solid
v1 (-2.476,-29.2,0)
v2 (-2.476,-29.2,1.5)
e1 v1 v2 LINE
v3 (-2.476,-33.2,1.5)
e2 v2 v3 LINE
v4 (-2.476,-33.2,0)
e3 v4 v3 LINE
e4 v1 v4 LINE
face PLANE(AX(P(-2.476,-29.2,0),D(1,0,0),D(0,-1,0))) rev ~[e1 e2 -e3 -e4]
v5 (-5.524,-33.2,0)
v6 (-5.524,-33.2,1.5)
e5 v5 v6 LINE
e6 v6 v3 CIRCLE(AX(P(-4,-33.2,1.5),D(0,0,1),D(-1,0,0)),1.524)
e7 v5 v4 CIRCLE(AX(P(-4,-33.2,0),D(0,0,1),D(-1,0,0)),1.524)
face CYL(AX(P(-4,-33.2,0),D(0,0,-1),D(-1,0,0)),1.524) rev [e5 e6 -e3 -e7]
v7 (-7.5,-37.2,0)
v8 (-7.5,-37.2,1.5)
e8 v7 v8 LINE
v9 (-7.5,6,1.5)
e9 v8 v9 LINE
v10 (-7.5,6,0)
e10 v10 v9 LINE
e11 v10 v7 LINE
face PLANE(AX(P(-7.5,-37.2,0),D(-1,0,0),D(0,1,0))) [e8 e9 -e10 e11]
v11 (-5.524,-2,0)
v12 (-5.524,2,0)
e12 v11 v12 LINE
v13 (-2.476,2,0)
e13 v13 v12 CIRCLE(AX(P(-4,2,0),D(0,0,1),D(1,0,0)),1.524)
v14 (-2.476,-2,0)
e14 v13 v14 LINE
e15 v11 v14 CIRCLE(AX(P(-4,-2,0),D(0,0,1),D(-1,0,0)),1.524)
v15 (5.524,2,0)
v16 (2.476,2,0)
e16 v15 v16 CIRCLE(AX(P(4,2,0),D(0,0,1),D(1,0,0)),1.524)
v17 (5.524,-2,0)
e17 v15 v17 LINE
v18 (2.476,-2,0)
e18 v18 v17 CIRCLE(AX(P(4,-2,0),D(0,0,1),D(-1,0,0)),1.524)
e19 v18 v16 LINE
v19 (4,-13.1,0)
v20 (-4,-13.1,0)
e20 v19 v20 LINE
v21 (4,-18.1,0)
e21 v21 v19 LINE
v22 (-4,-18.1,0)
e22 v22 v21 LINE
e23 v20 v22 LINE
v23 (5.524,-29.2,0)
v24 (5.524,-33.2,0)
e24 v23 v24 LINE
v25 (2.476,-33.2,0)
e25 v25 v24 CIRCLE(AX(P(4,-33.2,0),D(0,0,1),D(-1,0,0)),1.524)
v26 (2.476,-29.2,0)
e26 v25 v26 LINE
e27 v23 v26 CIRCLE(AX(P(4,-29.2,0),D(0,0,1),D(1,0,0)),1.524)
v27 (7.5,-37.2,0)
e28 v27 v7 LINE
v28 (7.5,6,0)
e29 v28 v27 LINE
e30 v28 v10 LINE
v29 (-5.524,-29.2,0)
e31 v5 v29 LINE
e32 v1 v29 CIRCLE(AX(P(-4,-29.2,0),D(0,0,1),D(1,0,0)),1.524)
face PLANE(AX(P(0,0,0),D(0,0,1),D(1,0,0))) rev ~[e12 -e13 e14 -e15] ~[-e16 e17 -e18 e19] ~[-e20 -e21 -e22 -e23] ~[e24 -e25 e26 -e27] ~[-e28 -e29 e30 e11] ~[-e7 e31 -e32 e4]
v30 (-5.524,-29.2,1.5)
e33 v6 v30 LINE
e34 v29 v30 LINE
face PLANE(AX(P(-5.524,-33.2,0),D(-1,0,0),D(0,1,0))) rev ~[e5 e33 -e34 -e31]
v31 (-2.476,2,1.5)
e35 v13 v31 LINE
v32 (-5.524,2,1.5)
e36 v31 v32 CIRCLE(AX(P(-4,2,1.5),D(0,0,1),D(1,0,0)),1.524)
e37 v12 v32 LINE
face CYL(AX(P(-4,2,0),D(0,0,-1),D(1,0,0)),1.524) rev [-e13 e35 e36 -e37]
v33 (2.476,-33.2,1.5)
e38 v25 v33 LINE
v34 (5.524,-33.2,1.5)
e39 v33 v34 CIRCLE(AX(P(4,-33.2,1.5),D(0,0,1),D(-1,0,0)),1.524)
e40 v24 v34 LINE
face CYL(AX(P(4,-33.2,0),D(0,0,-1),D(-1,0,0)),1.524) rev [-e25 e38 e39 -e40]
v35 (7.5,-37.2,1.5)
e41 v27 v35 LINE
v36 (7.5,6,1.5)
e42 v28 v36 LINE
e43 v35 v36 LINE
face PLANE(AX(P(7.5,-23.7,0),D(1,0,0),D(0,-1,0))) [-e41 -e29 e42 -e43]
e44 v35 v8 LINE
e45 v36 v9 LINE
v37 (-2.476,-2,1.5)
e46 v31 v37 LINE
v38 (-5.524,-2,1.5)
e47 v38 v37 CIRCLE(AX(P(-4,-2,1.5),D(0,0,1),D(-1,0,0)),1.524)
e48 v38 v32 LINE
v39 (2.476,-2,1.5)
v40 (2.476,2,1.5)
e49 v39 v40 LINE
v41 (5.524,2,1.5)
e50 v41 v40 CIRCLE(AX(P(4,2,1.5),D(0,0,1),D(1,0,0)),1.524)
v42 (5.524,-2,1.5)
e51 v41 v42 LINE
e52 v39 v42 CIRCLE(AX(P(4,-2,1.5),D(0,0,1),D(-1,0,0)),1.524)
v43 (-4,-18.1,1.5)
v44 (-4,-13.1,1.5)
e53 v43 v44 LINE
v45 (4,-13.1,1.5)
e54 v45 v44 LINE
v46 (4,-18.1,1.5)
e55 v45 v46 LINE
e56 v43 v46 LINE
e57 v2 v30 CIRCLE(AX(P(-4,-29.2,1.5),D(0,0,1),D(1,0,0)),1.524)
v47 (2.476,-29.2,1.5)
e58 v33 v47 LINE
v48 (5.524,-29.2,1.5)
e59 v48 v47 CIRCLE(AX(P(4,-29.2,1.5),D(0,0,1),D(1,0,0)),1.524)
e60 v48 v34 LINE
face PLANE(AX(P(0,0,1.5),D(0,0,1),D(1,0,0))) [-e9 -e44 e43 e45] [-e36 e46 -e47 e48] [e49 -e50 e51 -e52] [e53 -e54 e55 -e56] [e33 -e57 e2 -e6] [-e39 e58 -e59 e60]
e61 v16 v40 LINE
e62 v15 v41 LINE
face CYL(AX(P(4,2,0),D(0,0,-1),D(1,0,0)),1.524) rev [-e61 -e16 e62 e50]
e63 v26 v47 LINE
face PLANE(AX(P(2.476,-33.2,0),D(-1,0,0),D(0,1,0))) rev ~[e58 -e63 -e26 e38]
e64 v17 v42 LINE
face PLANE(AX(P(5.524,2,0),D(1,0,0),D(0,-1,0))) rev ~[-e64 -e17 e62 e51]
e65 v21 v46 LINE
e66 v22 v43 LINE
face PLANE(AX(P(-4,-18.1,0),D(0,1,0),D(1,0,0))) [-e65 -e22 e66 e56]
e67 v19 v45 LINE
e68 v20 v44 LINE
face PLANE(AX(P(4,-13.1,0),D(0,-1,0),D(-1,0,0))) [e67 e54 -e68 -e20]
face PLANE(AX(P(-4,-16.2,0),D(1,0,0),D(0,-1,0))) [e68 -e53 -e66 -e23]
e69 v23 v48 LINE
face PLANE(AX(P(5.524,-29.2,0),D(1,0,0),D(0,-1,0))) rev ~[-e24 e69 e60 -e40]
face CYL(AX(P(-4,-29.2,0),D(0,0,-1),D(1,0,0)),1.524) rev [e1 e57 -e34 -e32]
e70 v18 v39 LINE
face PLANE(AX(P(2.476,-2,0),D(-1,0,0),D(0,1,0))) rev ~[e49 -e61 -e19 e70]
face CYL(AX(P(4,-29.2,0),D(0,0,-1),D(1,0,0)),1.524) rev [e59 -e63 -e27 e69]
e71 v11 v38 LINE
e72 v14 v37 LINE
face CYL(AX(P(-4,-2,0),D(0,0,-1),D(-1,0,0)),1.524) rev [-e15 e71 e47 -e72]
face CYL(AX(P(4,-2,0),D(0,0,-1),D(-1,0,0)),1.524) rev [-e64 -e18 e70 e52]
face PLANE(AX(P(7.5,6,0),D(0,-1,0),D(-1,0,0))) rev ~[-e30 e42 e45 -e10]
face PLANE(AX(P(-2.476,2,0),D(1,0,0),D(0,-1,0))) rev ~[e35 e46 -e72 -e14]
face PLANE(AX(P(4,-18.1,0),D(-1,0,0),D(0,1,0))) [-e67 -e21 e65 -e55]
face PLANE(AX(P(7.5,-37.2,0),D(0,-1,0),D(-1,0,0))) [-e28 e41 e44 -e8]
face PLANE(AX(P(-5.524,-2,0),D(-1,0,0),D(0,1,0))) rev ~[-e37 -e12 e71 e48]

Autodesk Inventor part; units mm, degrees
ref_plane "YZ Plane" through (0, 0, 0) normal (1, 0, 0) x (0, 1, 0)
ref_plane "XZ Plane" through (0, 0, 0) normal (0, 1, 0) x (-1, 0, 0)
ref_plane "XY Plane" through (0, 0, 0) normal (0, 0, 1) x (1, 0, 0)
sketch "Sketch1" plane through (0, 0, 0) normal (0, 0, 1) x (1, 0, 0)
  circle A0 centre (4, 0) radius 1.0782 projected
  circle A1 centre (-4, 0) radius 1.0782 projected
  circle A2 centre (-4, -31.2) radius 1.0782 projected
  circle A3 centre (4, -31.2) radius 1.0782 projected
  line L0 (-7.5, -41.2) -> (7.5, -41.2) projected
  line L1 (7.5, -23.7) -> (7.5, -41.2) projected
  line L2 (7.5, -23.7) -> (2.5, -23.7) projected
  line L3 (2.5, -23.7) -> (2.5, -25.7) projected
  line L4 (2.5, -25.7) -> (-2.5, -25.7) projected
  line L5 (-2.5, -25.7) -> (-2.5, -23.7) projected
  line L6 (-2.5, -23.7) -> (-7.5, -23.7) projected
  line L7 (-7.5, -41.2) -> (-7.5, -23.7) projected
  circle A4 centre (4, -31.2) radius 1.0782 projected
  circle A5 centre (-4, -31.2) radius 1.0782 projected
  line L8 (7.5, 10) -> (-7.5, 10) projected
  line L9 (-7.5, -7.5) -> (-7.5, 10) projected
  line L10 (-7.5, -7.5) -> (-2.5, -7.5) projected
  line L11 (-2.5, -7.5) -> (-2.5, -5.5) projected
  line L12 (-2.5, -5.5) -> (2.5, -5.5) projected
  line L13 (2.5, -5.5) -> (2.5, -7.5) projected
  line L14 (2.5, -7.5) -> (7.5, -7.5) projected
  line L15 (7.5, 10) -> (7.5, -7.5) projected
  circle A6 centre (-4, 0) radius 1.0782 projected
  circle A7 centre (4, 0) radius 1.0782 projected
  line L16 (7.5, 10) -> (7.5, 6)
  line L17 (7.5, 6) -> (-7.5, 6)
  line L18 (5.524, 2) -> (5.524, -2)
  line L19 (2.476, -2) -> (2.476, 2)
  arc A8 (5.524, 2) -> (2.476, 2) centre (4, 2) ccw
  arc A9 (2.476, -2) -> (5.524, -2) centre (4, -2) ccw
  line L20 (-2.476, 2) -> (-2.476, -2)
  line L21 (-5.524, -2) -> (-5.524, 2)
  arc A10 (-2.476, 2) -> (-5.524, 2) centre (-4, 2) ccw
  arc A11 (-5.524, -2) -> (-2.476, -2) centre (-4, -2) ccw
  line L22 (5.524, 2) -> (5.524, -2)
  line L23 (2.476, -2) -> (2.476, 2)
  arc A12 (5.524, 2) -> (2.476, 2) centre (4, 2) ccw
  arc A13 (2.476, -2) -> (5.524, -2) centre (4, -2) ccw
  line L24 (5.524, -29.2) -> (5.524, -33.2)
  line L25 (2.476, -33.2) -> (2.476, -29.2)
  arc A14 (5.524, -29.2) -> (2.476, -29.2) centre (4, -29.2) ccw
  arc A15 (2.476, -33.2) -> (5.524, -33.2) centre (4, -33.2) ccw
  line L26 (-2.476, -29.2) -> (-2.476, -33.2)
  line L27 (-5.524, -33.2) -> (-5.524, -29.2)
  arc A16 (-2.476, -29.2) -> (-5.524, -29.2) centre (-4, -29.2) ccw
  arc A17 (-5.524, -33.2) -> (-2.476, -33.2) centre (-4, -33.2) ccw
  line L28 (7.5, -41.2) -> (7.5, -37.2)
  line L29 (7.5, -37.2) -> (-7.5, -37.2)
  line L30 (-7.5, 6) -> (-7.5, -37.2)
  line L31 (7.5, -37.2) -> (7.5, 6)
  line L32 (7.5, -7.5) -> (2.5, -7.5) projected
  line L33 (2.5, -7.5) -> (2.5, -5.5) projected
  line L34 (2.5, -5.5) -> (-2.5, -5.5) projected
  line L35 (-2.5, -5.5) -> (-2.5, -7.5) projected
  line L36 (-2.5, -7.5) -> (-7.5, -7.5) projected
  line L37 (-7.5, -12.5) -> (-7.5, -7.5) projected
  line L38 (5.5, -15) -> (-5.5, -15) projected
  line L39 (7.5, -7.5) -> (7.5, -12.5) projected
  line L40 (6.5, -16.2) -> (7.5, -18.7) projected
  line L41 (-7.5, -23.7) -> (-2.5, -23.7) projected
  line L42 (-2.5, -23.7) -> (-2.5, -25.7) projected
  line L43 (-2.5, -25.7) -> (2.5, -25.7) projected
  line L44 (2.5, -25.7) -> (2.5, -23.7) projected
  line L45 (2.5, -23.7) -> (7.5, -23.7) projected
  line L46 (7.5, -18.7) -> (7.5, -23.7) projected
  line L47 (-5.5, -16.2) -> (5.5, -16.2) projected
  line L48 (-7.5, -23.7) -> (-7.5, -18.7) projected
  line L49 (6.5, -15) -> (7.5, -12.5)
  line L50 (6.5, -16.2) -> (7.5, -18.7)
  line L51 (4, -13.1) -> (-4, -13.1)
  line L52 (-4, -13.1) -> (-4, -18.1)
  line L53 (-4, -18.1) -> (4, -18.1)
  line L54 (4, -18.1) -> (4, -13.1)
  line L55 (4, -13.1) -> (-4, -18.1) construction
  line L56 (-4, -13.1) -> (4, -18.1) construction
  line L57 (-1.5, -15) -> (1.5, -15)
  line L58 (1.5, -15) -> (1.5, -16.2)
  line L59 (1.5, -16.2) -> (-1.5, -16.2)
  line L60 (-1.5, -16.2) -> (-1.5, -15)
  line L61 (-1.5, -15) -> (1.5, -16.2) construction
  line L62 (1.5, -15) -> (-1.5, -16.2) construction
  line L63 (5.5, -12.5) -> (7.5, -12.5) projected
  line L64 (-7.5, -12.5) -> (-5.5, -12.5) projected
  line L65 (-5.5, -12.5) -> (-5.5, -15) projected
  line L66 (5.5, -15) -> (5.5, -12.5) projected
  line L67 (-5.5, -18.7) -> (-7.5, -18.7) projected
  line L68 (7.5, -18.7) -> (5.5, -18.7) projected
  line L69 (5.5, -18.7) -> (5.5, -16.2) projected
  line L70 (-5.5, -16.2) -> (-5.5, -18.7) projected
  point P0 (0, 0)
  point P1 (0, -15.6)
  point P2 (7.5, -7.5)
  point P3 (-7.5, -23.7)
  dimension "d0" = 4
  dimension "d5" = 4
  dimension "d6" = 8
  dimension "d7" = 5
  dimension "d10" = 3
extrude "Extrusion1" add sketch "Sketch1" along normal blind 1.5 contours L7 L6 L5 L4 L3 L2 L1 L29 | L30 L67 L70 L47 L52 L53 L54 L69 L68 L31 L2 L3 L4 L5 L6 | L30 L64 L65 L38 L52 L47 L70 L67 | L68 L69 L47 L54 L38 L66 L63 L31 | L30 L10 L11 L12 L13 L14 L31 L63 L66 L38 L54 L51 L52 L65 L64 | L9 L17 L15 L14 L13 L12 L11 L10
properties part number "acrylic_temp_holder" material "Polycarbonate, Clear"
